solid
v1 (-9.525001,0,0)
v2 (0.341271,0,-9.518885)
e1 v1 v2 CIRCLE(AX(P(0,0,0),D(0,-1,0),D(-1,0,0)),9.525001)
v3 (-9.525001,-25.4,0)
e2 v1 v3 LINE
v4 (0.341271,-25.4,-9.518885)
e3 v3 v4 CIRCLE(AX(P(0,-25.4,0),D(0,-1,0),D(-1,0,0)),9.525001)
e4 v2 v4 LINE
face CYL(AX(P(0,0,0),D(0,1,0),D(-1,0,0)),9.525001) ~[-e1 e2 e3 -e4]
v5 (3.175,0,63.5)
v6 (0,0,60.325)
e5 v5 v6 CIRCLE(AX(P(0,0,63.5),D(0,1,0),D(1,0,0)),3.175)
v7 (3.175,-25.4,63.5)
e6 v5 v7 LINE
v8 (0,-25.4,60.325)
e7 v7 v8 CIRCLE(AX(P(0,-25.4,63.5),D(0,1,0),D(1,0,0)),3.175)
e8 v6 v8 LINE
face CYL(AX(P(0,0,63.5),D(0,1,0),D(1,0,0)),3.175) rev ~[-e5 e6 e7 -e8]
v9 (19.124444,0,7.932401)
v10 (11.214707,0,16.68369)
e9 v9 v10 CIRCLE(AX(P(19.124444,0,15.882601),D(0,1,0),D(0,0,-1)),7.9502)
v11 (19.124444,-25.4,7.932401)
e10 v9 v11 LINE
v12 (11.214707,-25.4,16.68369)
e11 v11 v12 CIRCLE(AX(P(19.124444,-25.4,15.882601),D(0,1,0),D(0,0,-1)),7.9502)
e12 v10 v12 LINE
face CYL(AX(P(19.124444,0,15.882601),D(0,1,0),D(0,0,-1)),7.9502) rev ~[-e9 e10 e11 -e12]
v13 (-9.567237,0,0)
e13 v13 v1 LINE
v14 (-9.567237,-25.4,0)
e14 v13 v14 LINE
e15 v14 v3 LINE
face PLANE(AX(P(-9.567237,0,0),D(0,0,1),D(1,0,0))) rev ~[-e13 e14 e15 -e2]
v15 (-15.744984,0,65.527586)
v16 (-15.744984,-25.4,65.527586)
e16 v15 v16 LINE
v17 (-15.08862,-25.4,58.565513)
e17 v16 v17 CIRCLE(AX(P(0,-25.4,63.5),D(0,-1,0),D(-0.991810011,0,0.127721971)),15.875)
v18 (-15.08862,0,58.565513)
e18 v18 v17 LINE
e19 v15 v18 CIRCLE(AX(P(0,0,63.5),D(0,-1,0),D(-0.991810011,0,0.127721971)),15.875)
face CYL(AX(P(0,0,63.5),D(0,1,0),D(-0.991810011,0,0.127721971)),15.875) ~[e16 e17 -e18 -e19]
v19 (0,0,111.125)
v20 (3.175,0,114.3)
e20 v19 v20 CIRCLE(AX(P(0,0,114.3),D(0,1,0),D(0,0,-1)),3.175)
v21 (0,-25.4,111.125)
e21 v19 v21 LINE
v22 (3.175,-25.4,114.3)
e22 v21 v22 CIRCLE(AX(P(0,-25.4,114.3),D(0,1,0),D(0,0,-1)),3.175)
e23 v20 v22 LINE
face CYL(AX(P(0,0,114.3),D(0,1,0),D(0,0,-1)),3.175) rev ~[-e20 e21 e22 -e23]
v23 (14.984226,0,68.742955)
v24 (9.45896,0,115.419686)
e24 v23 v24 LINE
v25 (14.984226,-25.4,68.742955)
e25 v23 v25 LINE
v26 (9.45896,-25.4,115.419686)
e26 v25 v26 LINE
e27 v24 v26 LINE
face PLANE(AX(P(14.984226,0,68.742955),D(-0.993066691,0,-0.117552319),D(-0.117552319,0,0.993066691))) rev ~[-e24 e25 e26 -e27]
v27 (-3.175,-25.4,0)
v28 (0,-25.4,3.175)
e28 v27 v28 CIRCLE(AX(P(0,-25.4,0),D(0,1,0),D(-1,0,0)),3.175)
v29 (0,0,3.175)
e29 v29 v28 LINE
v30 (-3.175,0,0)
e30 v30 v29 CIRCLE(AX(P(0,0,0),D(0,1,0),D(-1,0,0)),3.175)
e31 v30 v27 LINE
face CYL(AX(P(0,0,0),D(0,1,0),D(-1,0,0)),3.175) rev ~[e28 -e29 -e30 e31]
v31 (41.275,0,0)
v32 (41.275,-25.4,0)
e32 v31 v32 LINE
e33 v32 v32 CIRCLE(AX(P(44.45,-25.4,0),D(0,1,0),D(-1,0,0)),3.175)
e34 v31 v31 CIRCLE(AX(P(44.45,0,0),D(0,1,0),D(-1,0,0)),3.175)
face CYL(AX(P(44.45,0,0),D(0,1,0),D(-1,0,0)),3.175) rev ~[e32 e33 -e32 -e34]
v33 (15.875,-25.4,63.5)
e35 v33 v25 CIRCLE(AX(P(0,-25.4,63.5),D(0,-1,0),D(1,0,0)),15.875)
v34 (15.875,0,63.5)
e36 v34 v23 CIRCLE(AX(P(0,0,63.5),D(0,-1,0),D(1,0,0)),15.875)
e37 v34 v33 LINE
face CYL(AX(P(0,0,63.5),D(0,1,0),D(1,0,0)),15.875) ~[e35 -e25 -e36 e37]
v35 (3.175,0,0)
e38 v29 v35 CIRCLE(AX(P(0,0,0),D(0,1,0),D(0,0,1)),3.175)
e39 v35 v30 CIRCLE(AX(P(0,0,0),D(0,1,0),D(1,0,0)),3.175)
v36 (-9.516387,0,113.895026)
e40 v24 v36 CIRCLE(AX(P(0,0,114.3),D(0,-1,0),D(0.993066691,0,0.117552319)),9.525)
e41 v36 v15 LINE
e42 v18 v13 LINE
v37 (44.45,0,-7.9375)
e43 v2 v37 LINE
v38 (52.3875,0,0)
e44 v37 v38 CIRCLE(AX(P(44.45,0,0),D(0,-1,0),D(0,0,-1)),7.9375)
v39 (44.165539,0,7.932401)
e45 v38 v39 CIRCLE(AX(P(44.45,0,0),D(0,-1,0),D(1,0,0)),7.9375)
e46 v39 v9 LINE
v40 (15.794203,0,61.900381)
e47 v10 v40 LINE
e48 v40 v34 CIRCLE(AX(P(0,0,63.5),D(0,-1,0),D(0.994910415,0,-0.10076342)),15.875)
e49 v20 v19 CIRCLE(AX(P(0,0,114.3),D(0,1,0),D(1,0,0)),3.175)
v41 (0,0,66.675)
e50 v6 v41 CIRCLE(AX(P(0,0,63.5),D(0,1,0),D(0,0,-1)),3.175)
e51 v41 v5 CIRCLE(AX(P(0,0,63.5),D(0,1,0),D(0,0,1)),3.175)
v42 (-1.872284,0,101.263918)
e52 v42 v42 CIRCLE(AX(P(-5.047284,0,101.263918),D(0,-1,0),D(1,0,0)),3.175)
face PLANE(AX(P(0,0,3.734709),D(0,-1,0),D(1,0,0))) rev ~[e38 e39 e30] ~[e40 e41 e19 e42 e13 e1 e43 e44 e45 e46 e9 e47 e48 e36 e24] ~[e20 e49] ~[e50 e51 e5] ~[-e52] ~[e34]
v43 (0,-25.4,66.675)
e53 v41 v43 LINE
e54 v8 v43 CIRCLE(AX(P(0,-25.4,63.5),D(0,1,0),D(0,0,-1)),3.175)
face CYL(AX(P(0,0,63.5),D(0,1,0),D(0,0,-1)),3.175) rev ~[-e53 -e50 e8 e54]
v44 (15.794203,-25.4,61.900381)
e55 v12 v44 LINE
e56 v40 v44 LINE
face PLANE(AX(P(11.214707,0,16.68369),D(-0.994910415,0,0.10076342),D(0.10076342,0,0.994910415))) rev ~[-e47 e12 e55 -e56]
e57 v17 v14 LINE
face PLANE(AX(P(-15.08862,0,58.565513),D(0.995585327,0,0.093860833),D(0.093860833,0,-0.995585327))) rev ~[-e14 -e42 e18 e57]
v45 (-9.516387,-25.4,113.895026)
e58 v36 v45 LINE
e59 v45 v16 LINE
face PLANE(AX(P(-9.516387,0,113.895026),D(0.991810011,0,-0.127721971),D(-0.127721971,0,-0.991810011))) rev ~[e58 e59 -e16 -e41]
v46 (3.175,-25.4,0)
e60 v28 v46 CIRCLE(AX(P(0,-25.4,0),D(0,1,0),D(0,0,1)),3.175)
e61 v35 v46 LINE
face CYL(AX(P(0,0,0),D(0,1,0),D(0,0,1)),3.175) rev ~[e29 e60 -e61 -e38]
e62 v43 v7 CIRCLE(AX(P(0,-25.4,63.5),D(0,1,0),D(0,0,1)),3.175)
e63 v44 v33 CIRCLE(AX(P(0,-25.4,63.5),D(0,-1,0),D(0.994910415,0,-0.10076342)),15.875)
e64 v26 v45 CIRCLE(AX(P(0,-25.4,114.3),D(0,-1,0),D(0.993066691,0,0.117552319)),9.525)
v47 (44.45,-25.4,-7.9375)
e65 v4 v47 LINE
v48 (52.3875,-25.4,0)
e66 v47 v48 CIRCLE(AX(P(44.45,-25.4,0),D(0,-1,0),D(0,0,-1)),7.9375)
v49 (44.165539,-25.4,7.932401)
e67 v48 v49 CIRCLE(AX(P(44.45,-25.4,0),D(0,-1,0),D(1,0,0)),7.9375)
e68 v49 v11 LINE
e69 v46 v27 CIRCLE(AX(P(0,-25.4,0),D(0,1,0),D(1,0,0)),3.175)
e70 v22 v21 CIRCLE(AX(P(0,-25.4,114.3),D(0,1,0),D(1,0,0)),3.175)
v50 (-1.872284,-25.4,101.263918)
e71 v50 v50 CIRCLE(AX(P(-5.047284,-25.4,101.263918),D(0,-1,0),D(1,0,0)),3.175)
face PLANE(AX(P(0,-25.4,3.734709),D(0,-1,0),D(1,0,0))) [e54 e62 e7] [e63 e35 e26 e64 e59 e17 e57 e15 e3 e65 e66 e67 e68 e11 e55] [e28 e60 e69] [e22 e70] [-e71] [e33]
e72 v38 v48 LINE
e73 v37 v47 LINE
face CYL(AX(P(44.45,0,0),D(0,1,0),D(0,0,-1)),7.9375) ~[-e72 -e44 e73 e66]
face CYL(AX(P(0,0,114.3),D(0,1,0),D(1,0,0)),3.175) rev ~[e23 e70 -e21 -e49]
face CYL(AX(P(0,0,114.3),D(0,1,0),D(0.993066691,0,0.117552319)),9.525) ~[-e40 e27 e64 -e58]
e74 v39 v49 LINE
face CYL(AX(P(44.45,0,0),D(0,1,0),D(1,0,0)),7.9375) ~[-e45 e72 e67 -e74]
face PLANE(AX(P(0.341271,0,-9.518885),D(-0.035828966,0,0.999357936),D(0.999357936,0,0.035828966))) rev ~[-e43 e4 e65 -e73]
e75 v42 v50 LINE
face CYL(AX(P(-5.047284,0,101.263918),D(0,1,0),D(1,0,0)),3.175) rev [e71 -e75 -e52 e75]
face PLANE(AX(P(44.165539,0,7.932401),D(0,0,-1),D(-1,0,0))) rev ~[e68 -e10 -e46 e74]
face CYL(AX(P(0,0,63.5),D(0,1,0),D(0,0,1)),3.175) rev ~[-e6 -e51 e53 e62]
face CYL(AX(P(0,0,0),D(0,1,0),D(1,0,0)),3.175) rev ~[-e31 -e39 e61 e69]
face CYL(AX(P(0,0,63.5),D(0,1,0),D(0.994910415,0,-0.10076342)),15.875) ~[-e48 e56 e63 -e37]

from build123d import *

# Parameters (mm, degrees)
F0_R     = 3.175
F1_DEPTH = 25.4


with BuildPart() as f1:
    # F0 (on Front) → F1 (new body)
    with BuildSketch(Plane.XZ):
        with BuildLine():
            Line((3.175, 0), (9.5250011456, 0))
            ThreePointArc((9.5250011456, 0), (6.7351929009, 6.7351929009), (0, 9.5250011456))
            ThreePointArc((0, 9.5250011456), (-6.7351929009, 6.7351929009), (-9.5250011456, 0))
            Line((-9.5250011456, 0), (-3.175, 0))
            ThreePointArc((-3.175, 0), (-2.2450640303, 2.2450640303), (0, 3.175))
            ThreePointArc((0, 3.175), (2.2450640303, 2.2450640303), (3.175, 0))
        make_face()
        with BuildLine():
            Line((36.5125, 0), (9.5250011456, 0))
            ThreePointArc((9.5250011456, 0), (6.8547885306, -6.6134348885), (0.3412708013, -9.5188854948))
            Line((0.3412708013, -9.5188854948), (44.45, -7.9375))
            ThreePointArc((44.45, -7.9375), (38.8373399243, -5.6126600757), (36.5125, 0))
        make_face()
        with BuildLine():
            ThreePointArc((0.3412708013, -9.5188854948), (6.8547885306, -6.6134348885), (9.5250011456, 0))
            Line((9.5250011456, 0), (3.175, 0))
            ThreePointArc((3.175, 0), (0, -3.175), (-3.175, 0))
            Line((-3.175, 0), (-9.5250011456, 0))
            ThreePointArc((-9.5250011456, 0), (-6.6134348885, -6.8547885306), (0.3412708013, -9.5188854948))
        make_face()
        with BuildLine():
            ThreePointArc((0, 9.5250011456), (6.7351929009, 6.7351929009), (9.5250011456, 0))
            Line((9.5250011456, 0), (36.5125, 0))
            ThreePointArc((36.5125, 0), (38.7376529701, 5.5111702623), (44.1655387804, 7.9324011538))
            Line((44.1655387804, 7.9324011538), (19.1244435351, 7.9324011538))
            ThreePointArc((19.1244435351, 7.9324011538), (13.2263717945, 10.5517072529), (11.2147067564, 16.6836904943))
            Line((11.2147067564, 16.6836904943), (15.7942028329, 61.9003807099))
            ThreePointArc((15.7942028329, 61.9003807099), (10.6447561919, 51.7227001985), (0, 47.625))
            Line((0, 47.625), (0, 9.5250011456))
        make_face()
        with BuildLine():
            ThreePointArc((-9.5250011456, 0), (-6.7351929009, 6.7351929009), (0, 9.5250011456))
            Line((0, 9.5250011456), (0, 47.625))
            ThreePointArc((0, 47.625), (-9.318815443, 50.647945544), (-15.0886202884, 58.5655129148))
            Line((-15.0886202884, 58.5655129148), (-9.5672373667, 0))
            Line((-9.5672373667, 0), (-9.5250011456, 0))
        make_face()
        with BuildLine():
            ThreePointArc((44.1655387804, 7.9324011538), (38.7376529701, 5.5111702623), (36.5125, 0))
            ThreePointArc((36.5125, 0), (38.8373399243, -5.6126600757), (44.45, -7.9375))
            ThreePointArc((44.45, -7.9375), (50.0626600757, -5.6126600757), (52.3875, 0))
            ThreePointArc((52.3875, 0), (49.9611702623, 5.7123470299), (44.1655387804, 7.9324011538))
        make_face()
        with BuildLine():
            ThreePointArc((47.625, 0), (44.45, -3.175), (41.275, 0))
            ThreePointArc((41.275, 0), (44.45, 3.175), (47.625, 0))
        make_face(mode=Mode.SUBTRACT)
        with BuildLine():
            Line((0, 60.325), (0, 47.625))
            ThreePointArc((0, 47.625), (10.6447561919, 51.7227001985), (15.7942028329, 61.9003807099))
            Line((15.7942028329, 61.9003807099), (14.9842264969, 68.7429553964))
            ThreePointArc((14.9842264969, 68.7429553964), (9.1865039074, 76.4469599118), (0, 79.375))
            Line((0, 79.375), (0, 66.675))
            ThreePointArc((0, 66.675), (2.2450640303, 65.7450640303), (3.175, 63.5))
            ThreePointArc((3.175, 63.5), (2.2450640303, 61.2549359697), (0, 60.325))
        make_face()
        with BuildLine():
            ThreePointArc((-15.0886202884, 58.5655129148), (-9.318815443, 50.647945544), (0, 47.625))
            Line((0, 47.625), (0, 60.325))
            ThreePointArc((0, 60.325), (-3.175, 63.5), (0, 66.675))
            Line((0, 66.675), (0, 79.375))
            ThreePointArc((0, 79.375), (-10.4839804596, 75.4206450632), (-15.7449839255, 65.5275862959))
            Line((-15.7449839255, 65.5275862959), (-15.0886202884, 58.5655129148))
        make_face()
        with BuildLine():
            ThreePointArc((-15.7449839255, 65.5275862959), (-15.8049170717, 62.0099592771), (-15.0886202884, 58.5655129148))
            Line((-15.0886202884, 58.5655129148), (-15.7449839255, 65.5275862959))
        make_face()
        with BuildLine():
            Line((14.9842264969, 68.7429553964), (15.7942028329, 61.9003807099))
            ThreePointArc((15.7942028329, 61.9003807099), (15.8547878411, 62.6991707336), (15.875, 63.5))
            ThreePointArc((15.875, 63.5), (15.6507223578, 66.1590439411), (14.9842264969, 68.7429553964))
        make_face()
        with BuildLine():
            Line((-9.5163869901, 113.8950263525), (-15.7449839255, 65.5275862959))
            ThreePointArc((-15.7449839255, 65.5275862959), (-10.4839804596, 75.4206450632), (0, 79.375))
            Line((0, 79.375), (0, 104.775))
            ThreePointArc((0, 104.775), (-6.5904571544, 107.4231184759), (-9.5163869901, 113.8950263525))
        make_face()
        with Locations((-5.047283601, 101.2639179826)):
            Circle(F0_R, mode=Mode.SUBTRACT)
        with BuildLine():
            ThreePointArc((0, 79.375), (9.1865039074, 76.4469599118), (14.9842264969, 68.7429553964))
            Line((14.9842264969, 68.7429553964), (9.4589602299, 115.4196858346))
            ThreePointArc((9.4589602299, 115.4196858346), (9.5084757241, 114.8608158387), (9.525, 114.3))
            ThreePointArc((9.525, 114.3), (6.7351920908, 107.5648079092), (0, 104.775))
            Line((0, 104.775), (0, 79.375))
        make_face()
        with BuildLine():
            ThreePointArc((9.4589602299, 115.4196858346), (-0.7628702985, 123.7944011874), (-9.5163869901, 113.8950263525))
            ThreePointArc((-9.5163869901, 113.8950263525), (-6.5904571544, 107.4231184759), (0, 104.775))
            ThreePointArc((0, 104.775), (6.7351920908, 107.5648079092), (9.525, 114.3))
            ThreePointArc((9.525, 114.3), (9.5084757241, 114.8608158387), (9.4589602299, 115.4196858346))
        make_face()
        with BuildLine():
            ThreePointArc((3.175, 114.3), (2.2450640303, 112.0549359697), (0, 111.125))
            ThreePointArc((0, 111.125), (-2.2450640303, 116.5450640303), (3.175, 114.3))
        make_face(mode=Mode.SUBTRACT)
    extrude(amount=F1_DEPTH)


solid = f1.part
